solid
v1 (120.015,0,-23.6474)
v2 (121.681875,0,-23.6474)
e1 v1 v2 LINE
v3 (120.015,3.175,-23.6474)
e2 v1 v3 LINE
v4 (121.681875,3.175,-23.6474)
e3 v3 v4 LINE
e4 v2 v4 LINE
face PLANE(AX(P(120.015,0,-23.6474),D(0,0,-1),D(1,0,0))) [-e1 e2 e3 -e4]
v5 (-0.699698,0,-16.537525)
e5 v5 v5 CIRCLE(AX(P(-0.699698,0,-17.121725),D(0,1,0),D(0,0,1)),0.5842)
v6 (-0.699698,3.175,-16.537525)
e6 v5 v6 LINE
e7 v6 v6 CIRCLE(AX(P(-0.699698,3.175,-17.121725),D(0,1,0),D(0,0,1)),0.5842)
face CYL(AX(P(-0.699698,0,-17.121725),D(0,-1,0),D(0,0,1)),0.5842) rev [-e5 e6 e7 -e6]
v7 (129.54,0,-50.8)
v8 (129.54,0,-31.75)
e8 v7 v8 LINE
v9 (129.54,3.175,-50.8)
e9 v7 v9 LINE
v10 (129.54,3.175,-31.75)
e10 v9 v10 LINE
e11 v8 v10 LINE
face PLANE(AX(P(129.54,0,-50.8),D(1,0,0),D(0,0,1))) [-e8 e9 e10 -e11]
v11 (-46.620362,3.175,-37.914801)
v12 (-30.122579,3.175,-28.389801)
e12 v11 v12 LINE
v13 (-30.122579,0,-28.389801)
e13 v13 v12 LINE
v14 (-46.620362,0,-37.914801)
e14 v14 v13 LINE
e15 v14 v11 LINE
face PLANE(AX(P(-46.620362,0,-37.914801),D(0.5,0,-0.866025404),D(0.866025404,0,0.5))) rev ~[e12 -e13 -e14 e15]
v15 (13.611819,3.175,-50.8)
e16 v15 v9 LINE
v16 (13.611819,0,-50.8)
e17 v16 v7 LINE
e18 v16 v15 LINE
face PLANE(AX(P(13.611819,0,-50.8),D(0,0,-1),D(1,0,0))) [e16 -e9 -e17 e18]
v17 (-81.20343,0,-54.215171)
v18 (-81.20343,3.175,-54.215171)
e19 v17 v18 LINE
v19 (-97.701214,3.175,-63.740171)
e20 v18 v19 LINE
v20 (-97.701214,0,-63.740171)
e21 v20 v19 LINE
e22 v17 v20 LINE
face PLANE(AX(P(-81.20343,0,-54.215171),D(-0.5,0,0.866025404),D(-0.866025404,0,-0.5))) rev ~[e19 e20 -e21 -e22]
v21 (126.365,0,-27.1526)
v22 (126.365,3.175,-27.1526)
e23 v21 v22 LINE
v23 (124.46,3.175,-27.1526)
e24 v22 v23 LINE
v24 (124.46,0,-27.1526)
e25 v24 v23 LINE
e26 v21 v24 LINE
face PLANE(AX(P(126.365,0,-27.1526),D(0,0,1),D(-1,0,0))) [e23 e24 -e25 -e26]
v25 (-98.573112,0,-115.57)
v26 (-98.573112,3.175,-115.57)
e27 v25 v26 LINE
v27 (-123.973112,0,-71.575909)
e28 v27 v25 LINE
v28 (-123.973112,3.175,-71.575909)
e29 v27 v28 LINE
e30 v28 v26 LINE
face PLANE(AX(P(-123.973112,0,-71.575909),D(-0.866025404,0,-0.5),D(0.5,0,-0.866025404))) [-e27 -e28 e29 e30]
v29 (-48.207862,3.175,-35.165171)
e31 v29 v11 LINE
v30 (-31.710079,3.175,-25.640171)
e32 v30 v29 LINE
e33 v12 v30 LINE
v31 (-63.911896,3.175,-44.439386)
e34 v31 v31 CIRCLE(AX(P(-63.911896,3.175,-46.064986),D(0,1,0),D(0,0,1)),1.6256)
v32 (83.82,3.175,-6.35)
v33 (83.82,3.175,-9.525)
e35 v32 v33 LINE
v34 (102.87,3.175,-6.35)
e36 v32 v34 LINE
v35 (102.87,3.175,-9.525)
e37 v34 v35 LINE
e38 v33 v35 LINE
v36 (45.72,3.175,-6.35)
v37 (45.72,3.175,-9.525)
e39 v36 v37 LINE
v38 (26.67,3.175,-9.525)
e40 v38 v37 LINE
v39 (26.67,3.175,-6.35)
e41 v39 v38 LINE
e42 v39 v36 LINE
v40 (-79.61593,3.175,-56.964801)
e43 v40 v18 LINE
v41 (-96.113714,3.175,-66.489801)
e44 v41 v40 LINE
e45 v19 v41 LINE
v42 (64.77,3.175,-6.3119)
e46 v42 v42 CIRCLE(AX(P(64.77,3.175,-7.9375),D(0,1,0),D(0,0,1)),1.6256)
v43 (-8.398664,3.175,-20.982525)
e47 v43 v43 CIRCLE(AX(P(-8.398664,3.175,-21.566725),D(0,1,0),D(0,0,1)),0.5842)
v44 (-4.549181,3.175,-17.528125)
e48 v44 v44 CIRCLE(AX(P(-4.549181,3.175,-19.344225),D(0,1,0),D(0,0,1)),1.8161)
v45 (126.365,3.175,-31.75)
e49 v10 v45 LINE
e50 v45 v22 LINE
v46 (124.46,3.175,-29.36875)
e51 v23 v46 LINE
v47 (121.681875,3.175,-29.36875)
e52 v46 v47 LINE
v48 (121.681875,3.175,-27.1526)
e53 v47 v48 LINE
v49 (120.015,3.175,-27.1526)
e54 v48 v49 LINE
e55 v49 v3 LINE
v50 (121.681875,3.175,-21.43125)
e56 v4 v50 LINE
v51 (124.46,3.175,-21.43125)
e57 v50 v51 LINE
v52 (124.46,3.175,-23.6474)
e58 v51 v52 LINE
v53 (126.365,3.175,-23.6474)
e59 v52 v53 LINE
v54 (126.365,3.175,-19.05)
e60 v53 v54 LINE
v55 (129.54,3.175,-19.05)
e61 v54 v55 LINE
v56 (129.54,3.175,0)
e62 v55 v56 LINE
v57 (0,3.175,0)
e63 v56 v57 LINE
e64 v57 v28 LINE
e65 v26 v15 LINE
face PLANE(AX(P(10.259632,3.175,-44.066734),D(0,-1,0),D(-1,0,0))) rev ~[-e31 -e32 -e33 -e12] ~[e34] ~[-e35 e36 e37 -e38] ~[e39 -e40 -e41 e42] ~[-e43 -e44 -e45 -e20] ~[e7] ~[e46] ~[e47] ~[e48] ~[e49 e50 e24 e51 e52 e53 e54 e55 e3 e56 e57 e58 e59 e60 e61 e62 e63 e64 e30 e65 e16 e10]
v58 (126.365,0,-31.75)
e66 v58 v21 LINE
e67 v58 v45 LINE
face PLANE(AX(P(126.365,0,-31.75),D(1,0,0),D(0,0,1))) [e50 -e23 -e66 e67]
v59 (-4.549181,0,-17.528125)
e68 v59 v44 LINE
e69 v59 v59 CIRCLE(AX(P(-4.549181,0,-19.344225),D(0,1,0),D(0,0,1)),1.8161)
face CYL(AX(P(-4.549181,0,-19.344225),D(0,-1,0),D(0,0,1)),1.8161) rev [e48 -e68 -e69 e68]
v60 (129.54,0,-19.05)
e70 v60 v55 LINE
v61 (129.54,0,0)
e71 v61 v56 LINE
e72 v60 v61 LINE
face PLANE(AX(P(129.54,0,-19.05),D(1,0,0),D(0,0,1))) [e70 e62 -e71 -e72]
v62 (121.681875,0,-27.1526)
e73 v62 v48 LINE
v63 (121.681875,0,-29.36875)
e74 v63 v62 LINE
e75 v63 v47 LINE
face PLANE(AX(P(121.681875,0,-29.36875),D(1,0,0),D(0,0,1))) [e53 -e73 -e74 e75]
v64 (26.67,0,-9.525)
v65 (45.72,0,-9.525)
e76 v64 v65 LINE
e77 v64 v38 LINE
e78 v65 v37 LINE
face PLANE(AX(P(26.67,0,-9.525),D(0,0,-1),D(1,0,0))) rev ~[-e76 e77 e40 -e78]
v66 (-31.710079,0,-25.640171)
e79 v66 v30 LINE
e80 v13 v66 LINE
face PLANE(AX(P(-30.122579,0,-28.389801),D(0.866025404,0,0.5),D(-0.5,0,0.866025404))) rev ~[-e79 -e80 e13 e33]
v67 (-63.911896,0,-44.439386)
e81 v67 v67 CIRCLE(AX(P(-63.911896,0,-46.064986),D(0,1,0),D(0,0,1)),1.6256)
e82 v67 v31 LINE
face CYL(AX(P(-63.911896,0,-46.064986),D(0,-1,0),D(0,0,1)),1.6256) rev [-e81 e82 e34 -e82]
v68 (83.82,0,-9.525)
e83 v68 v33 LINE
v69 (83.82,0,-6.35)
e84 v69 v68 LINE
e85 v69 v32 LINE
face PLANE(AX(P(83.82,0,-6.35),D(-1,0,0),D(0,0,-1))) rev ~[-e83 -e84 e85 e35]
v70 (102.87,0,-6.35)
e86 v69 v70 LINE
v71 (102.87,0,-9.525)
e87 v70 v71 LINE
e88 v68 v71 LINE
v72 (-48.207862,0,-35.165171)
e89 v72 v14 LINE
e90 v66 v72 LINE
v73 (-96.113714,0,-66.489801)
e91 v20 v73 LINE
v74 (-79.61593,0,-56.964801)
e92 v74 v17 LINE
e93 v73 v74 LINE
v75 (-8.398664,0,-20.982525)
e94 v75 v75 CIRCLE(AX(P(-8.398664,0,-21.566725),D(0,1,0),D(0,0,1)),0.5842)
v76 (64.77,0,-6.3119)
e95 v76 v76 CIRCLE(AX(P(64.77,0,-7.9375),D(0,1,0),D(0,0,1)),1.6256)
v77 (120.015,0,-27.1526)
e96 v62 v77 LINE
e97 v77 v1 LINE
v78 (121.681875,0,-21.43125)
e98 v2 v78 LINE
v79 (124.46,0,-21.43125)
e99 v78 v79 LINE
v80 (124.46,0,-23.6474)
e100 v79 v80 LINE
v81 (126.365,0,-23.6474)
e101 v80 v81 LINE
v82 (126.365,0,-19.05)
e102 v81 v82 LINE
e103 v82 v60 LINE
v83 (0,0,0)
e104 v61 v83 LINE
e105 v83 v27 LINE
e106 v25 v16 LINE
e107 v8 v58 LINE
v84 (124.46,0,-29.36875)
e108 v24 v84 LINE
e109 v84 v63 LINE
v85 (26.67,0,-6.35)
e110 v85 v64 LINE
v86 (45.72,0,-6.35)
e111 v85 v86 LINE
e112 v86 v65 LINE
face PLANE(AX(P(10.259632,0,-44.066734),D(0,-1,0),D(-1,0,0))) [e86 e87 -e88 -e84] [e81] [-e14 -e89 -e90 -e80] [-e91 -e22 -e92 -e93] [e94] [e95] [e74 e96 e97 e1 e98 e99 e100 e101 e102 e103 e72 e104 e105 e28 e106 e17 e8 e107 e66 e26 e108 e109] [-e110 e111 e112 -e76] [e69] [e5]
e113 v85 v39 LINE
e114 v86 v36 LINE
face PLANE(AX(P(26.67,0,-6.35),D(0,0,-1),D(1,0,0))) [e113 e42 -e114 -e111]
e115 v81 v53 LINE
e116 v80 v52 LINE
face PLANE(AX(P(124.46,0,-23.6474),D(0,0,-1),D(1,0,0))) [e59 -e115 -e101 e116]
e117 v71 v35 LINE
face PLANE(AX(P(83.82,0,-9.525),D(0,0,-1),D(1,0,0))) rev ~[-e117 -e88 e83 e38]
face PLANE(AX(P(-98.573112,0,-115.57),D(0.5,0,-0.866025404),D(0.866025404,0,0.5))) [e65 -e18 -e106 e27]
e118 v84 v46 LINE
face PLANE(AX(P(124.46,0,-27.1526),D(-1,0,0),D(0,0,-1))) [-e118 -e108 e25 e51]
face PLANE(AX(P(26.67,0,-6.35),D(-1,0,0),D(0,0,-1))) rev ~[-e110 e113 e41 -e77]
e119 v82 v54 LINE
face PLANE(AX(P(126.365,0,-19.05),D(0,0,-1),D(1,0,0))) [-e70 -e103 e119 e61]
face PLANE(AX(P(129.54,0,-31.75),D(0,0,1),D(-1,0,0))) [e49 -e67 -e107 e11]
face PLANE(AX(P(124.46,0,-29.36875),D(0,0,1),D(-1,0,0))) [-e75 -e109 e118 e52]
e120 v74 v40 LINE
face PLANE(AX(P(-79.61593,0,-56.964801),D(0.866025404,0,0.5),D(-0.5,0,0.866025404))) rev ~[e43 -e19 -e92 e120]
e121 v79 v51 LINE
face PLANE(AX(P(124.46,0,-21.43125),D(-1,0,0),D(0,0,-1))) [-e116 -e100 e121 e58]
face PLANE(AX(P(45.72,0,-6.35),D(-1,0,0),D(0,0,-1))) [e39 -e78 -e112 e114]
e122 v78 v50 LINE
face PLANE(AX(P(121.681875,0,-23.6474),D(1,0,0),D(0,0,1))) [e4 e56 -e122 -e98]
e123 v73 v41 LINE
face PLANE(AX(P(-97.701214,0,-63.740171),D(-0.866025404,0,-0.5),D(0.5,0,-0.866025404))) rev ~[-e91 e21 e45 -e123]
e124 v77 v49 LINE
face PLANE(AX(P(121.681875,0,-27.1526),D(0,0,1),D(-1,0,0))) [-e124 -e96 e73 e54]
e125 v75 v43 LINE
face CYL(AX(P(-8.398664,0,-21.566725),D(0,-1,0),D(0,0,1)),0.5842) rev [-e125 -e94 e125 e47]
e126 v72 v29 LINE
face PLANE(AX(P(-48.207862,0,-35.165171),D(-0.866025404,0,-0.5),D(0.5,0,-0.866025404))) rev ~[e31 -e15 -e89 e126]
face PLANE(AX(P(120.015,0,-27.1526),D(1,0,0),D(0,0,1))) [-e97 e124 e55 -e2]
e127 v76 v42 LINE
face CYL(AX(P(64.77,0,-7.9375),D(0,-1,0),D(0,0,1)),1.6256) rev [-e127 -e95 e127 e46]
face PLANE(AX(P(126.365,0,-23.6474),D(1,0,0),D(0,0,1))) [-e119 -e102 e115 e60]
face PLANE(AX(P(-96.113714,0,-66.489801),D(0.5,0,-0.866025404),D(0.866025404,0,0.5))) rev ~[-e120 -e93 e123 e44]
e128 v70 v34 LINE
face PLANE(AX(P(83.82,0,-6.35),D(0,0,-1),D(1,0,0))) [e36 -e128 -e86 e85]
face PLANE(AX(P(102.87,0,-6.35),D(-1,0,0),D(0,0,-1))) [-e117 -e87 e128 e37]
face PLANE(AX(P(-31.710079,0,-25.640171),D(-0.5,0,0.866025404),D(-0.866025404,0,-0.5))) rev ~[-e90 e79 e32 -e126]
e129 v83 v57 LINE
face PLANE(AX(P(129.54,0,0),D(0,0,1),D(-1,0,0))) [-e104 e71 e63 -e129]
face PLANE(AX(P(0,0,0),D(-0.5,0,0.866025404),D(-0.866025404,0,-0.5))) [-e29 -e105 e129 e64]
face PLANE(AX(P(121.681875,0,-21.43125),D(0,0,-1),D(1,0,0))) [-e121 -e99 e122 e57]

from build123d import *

# Parameters (mm, degrees)
SKETCH1_R           = 0.5842
SKETCH1_R_2         = 1.8161
SKETCH1_R_3         = 1.6256
SKETCH1_W           = 19.05
SKETCH1_H           = 3.175
BOSS_EXTRUDE2_DEPTH = 3.175


with BuildPart() as part:
    # Sketch1 → Boss-Extrude2 (new body)
    with BuildSketch(Plane(origin=(0, 0, 0), x_dir=(1, 0, 0), z_dir=(0, 1, 0))):
        Polygon((13.611818976, 50.8), (129.54, 50.8), (129.54, 31.75), (126.365, 31.75), (126.365, 27.1526), (124.46, 27.1526), (124.46, 29.36875), (121.681875, 29.36875), (121.681875, 27.1526), (120.015, 27.1526), (120.015, 23.6474), (121.681875, 23.6474), (121.681875, 21.43125), (124.46, 21.43125), (124.46, 23.6474), (126.365, 23.6474), (126.365, 19.05), (129.54, 19.05), (129.54, 0), (0, 0), (-123.973111831, 71.575909488), (-98.573111831, 115.57), align=None)
        with Locations(Location((-8.398663944, 21.566725284, 0), (0, 0, 270))):
            Circle(SKETCH1_R, mode=Mode.SUBTRACT)
        with Locations(Location((-4.549181024, 19.344225284, 0), (0, 0, 270))):
            Circle(SKETCH1_R_2, mode=Mode.SUBTRACT)
        with Locations(Location((-0.699698105, 17.121725284, 0), (0, 0, 270))):
            Circle(SKETCH1_R, mode=Mode.SUBTRACT)
        with Locations(Location((-63.911896428, 46.06498613, 0), (0, 0, 270))):
            Circle(SKETCH1_R_3, mode=Mode.SUBTRACT)
        with Locations(Location((64.77, 7.9375, 0), (0, 0, 270))):
            Circle(SKETCH1_R_3, mode=Mode.SUBTRACT)
        Polygon((-96.113714312, 66.489801459), (-79.61593037, 56.964801459), (-81.20343037, 54.215170802), (-97.701214312, 63.740170802), align=None, mode=Mode.SUBTRACT)
        Polygon((-46.620362486, 37.914801459), (-30.122578543, 28.389801459), (-31.710078543, 25.640170802), (-48.207862486, 35.165170802), align=None, mode=Mode.SUBTRACT)
        with Locations((36.195, 7.9375)):
            Rectangle(SKETCH1_W, SKETCH1_H, mode=Mode.SUBTRACT)
        with Locations((93.345, 7.9375)):
            Rectangle(SKETCH1_W, SKETCH1_H, mode=Mode.SUBTRACT)
    extrude(amount=BOSS_EXTRUDE2_DEPTH)


solid = part.part
